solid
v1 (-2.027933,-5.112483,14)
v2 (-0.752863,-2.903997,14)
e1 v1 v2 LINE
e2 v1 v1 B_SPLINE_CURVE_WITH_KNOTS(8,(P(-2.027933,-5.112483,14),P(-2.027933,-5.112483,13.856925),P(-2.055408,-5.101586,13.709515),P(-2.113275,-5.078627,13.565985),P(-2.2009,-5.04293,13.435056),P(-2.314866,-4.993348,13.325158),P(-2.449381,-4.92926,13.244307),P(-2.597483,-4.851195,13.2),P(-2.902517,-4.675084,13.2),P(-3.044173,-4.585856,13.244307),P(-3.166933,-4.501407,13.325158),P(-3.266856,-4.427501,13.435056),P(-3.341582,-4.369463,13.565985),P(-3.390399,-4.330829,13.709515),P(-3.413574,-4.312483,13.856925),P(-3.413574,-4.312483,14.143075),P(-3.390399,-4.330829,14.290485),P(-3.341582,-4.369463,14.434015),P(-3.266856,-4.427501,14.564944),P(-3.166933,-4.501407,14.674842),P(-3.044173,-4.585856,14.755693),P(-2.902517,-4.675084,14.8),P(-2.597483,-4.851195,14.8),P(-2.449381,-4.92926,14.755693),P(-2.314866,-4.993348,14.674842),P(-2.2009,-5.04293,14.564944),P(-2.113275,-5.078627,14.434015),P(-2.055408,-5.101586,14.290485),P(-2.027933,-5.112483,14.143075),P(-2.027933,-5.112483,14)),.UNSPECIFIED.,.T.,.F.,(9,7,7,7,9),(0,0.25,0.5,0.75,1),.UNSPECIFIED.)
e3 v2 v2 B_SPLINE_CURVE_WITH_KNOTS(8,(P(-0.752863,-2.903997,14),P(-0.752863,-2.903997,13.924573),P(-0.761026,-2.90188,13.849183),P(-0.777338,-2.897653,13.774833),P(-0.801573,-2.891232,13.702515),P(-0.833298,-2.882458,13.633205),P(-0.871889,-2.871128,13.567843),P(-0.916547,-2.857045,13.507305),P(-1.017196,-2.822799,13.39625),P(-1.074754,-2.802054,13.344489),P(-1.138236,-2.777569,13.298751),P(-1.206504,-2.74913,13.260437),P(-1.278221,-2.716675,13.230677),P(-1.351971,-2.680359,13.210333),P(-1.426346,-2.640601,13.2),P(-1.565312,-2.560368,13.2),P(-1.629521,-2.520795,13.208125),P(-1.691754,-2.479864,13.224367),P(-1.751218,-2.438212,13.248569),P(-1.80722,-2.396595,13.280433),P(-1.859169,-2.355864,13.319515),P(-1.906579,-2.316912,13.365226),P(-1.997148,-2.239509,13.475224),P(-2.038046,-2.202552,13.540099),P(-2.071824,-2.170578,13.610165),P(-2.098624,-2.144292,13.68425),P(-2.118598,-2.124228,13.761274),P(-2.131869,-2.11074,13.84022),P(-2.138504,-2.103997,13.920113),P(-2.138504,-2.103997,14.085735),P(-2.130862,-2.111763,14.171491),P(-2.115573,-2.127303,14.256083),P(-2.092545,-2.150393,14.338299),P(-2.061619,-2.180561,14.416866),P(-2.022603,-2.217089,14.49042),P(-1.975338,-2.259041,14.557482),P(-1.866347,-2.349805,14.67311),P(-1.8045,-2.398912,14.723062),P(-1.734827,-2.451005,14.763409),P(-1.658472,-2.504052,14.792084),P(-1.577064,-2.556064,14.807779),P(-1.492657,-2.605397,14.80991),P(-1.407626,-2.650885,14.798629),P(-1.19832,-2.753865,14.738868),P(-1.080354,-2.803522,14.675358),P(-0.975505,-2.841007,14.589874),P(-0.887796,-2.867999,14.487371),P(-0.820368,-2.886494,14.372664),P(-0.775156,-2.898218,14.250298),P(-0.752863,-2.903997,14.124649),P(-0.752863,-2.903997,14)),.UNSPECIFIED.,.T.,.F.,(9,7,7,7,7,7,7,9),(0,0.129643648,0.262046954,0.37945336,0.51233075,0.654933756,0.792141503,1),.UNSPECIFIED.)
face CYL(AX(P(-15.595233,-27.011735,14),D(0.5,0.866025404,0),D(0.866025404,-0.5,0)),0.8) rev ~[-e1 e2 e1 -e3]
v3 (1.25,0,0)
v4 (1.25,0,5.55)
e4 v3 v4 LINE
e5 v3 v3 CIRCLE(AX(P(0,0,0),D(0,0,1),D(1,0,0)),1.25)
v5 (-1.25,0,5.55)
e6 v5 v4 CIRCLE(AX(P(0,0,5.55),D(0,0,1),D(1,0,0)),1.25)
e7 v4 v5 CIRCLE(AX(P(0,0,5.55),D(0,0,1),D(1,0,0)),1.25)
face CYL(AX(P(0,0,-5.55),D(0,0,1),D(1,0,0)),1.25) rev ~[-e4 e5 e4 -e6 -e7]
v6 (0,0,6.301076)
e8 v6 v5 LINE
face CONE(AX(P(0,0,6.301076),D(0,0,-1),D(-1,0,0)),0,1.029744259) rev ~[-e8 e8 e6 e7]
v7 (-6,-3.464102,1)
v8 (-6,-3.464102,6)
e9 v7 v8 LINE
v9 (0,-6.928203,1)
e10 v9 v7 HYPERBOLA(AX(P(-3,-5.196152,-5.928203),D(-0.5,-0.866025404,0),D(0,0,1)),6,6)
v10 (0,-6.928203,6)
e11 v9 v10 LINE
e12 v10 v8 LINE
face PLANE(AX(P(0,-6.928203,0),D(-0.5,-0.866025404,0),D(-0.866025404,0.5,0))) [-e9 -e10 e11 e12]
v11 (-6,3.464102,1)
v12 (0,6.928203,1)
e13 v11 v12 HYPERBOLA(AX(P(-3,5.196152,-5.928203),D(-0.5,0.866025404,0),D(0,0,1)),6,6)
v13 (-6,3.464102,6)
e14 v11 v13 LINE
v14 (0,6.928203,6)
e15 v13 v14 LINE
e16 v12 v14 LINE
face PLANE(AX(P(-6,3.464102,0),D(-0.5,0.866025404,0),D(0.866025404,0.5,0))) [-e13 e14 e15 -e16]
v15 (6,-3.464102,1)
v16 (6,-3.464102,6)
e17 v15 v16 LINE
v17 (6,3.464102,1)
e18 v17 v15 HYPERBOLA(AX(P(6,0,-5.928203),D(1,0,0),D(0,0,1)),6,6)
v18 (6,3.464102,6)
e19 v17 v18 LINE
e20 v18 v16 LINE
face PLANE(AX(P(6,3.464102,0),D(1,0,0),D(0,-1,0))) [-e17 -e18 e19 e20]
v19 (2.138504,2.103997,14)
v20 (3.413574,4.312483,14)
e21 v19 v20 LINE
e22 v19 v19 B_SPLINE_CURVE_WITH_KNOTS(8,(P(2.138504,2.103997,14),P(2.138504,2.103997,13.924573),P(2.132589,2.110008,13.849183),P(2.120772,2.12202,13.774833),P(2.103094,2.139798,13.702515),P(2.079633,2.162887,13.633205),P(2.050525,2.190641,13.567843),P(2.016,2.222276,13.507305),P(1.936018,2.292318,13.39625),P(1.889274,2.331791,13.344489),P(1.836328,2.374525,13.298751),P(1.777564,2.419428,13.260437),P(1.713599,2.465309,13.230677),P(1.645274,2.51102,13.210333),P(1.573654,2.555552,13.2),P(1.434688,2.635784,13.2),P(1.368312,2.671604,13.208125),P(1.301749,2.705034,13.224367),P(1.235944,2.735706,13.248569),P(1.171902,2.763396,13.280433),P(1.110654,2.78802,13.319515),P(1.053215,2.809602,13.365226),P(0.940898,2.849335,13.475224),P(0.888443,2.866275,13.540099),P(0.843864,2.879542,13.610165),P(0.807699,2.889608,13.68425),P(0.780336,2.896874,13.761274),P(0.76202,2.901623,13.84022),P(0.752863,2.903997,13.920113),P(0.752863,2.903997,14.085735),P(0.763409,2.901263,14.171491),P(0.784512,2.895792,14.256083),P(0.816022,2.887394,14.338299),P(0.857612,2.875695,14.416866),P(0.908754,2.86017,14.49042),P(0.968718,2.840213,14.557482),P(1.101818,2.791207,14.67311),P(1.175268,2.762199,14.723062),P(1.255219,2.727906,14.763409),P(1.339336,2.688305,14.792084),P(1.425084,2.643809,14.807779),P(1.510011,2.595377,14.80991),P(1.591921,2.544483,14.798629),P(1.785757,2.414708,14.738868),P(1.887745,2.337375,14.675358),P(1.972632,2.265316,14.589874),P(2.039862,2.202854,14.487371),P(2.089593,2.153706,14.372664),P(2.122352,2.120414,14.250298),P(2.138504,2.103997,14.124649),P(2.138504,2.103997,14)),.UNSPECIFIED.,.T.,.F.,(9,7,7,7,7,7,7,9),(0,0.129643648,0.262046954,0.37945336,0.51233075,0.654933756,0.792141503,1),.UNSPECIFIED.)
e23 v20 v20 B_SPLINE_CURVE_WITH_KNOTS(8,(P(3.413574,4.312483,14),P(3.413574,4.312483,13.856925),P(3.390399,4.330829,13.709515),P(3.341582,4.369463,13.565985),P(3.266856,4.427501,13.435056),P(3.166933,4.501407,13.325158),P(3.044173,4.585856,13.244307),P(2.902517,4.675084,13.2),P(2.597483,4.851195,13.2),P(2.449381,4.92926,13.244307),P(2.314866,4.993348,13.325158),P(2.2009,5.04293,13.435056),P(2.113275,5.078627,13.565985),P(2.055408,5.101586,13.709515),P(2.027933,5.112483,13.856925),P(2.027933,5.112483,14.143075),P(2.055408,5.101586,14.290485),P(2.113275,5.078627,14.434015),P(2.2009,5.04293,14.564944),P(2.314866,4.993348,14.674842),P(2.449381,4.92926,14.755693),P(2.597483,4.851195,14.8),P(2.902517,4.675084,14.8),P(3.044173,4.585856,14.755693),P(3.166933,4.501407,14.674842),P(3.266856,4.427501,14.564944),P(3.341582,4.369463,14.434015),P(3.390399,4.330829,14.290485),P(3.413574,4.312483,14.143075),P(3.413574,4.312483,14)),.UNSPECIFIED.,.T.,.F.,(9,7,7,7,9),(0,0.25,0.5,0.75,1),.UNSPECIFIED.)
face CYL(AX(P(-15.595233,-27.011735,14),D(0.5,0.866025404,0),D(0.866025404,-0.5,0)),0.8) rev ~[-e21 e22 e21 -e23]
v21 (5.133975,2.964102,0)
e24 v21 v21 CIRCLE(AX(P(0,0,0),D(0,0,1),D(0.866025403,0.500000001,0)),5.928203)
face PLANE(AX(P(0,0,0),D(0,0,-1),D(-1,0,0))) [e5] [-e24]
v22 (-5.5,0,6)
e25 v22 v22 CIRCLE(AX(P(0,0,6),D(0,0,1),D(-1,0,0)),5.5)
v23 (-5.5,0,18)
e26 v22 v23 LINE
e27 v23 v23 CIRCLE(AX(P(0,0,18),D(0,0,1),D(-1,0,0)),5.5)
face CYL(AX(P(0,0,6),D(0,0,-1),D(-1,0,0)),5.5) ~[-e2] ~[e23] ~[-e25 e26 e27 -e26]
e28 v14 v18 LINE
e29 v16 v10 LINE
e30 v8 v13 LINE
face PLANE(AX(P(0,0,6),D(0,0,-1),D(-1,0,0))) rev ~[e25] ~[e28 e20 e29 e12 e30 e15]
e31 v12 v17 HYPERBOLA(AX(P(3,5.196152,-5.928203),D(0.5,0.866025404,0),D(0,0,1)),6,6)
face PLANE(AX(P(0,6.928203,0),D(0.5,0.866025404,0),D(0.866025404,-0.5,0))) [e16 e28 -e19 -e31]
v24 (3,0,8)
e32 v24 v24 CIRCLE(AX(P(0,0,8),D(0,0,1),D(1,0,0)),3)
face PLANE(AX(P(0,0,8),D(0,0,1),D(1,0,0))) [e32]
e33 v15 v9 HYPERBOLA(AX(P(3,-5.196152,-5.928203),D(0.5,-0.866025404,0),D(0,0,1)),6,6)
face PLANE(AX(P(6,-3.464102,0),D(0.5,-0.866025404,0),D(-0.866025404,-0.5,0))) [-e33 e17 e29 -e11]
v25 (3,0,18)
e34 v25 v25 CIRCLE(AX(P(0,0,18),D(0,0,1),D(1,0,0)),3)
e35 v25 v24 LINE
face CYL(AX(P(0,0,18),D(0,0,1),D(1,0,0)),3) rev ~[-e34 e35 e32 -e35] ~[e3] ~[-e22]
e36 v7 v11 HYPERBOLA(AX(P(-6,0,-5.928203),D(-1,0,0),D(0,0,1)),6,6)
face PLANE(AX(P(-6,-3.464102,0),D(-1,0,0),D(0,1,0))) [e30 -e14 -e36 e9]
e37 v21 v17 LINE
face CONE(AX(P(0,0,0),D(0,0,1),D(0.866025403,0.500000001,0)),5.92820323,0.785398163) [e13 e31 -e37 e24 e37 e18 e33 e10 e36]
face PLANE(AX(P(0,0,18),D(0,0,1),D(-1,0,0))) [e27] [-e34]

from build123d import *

# Parameters (mm, degrees)
EXTRUDE_1_DEPTH        = 6
SKETCH_2_R             = 5.5
EXTRUDE_2_DEPTH        = 12
HOLE_WIZARD_M3_1_D     = 2.5
HOLE_WIZARD_M3_1_DEPTH = 5.55
HOLE_WIZARD_M3_1_TIP   = 0.751075774
HOLE_WIZARD_M2_2_D     = 1.6
SKETCH_11_R            = 3
CUT_EXTRUDE_1_DEPTH    = 10


with BuildPart() as part:
    # 草图1 → 凸台-拉伸1 (new body)
    with BuildSketch(Plane.XY):
        Polygon((-6, 3.464101615), (0, 6.92820323), (6, 3.464101615), (6, -3.464101615), (0, -6.92820323), (-6, -3.464101615), align=None)
    extrude(amount=EXTRUDE_1_DEPTH)

    # 草图2 → 凸台-拉伸2 (add)
    with BuildSketch(Plane.XY.offset(6)):
        with Locations(Location((0, 0, 0), (0, 0, 180))):
            Circle(SKETCH_2_R)
    extrude(amount=EXTRUDE_2_DEPTH)

    # M3 螺纹孔1
    with Locations(Plane(origin=(0, 0, 0), x_dir=(-1, 0, 0), z_dir=(0, 0, -1))):
        with Locations((0, 0)):
            Hole(HOLE_WIZARD_M3_1_D / 2, depth=HOLE_WIZARD_M3_1_DEPTH)
            with Locations((0, 0, -(HOLE_WIZARD_M3_1_DEPTH + HOLE_WIZARD_M3_1_TIP / 2))):  # 118° drill point
                Cone(0, HOLE_WIZARD_M3_1_D / 2, HOLE_WIZARD_M3_1_TIP, mode=Mode.SUBTRACT)

    # M2 螺纹孔2 (through all)
    with Locations(Plane(origin=(-2.75, -4.763139721, 0), x_dir=(-0.866025403784438, 0.5000000000000011, 0), z_dir=(-0.5000000000000011, -0.8660254037844382, 0))):
        with Locations((0, -14)):
            Hole(HOLE_WIZARD_M2_2_D / 2)

    # 草图10 → 切除-旋转3 (revolve, cut)
    with BuildSketch(Plane(origin=(0, 0, 0), x_dir=(-0.866025403784438, 0.5000000000000011, 0), z_dir=(-0.5000000000000011, -0.8660254037844382, 0)), mode=Mode.PRIVATE) as cut_revolve_3_sk:
        Polygon((6.92820323, 0), (5.92820323, 0), (6.92820323, -1), align=None)
    revolve(cut_revolve_3_sk.sketch.rotate(Axis((0, 0, 0), (0, 0, 1)), 240.000000079), axis=Axis((0, 0, 0), (0, 0, 1)), mode=Mode.SUBTRACT)

    # 草图11 → 切除-拉伸1 (cut)
    with BuildSketch(Plane.XY.offset(18)):
        Circle(SKETCH_11_R)
    extrude(amount=-CUT_EXTRUDE_1_DEPTH, mode=Mode.SUBTRACT)


solid = part.part
